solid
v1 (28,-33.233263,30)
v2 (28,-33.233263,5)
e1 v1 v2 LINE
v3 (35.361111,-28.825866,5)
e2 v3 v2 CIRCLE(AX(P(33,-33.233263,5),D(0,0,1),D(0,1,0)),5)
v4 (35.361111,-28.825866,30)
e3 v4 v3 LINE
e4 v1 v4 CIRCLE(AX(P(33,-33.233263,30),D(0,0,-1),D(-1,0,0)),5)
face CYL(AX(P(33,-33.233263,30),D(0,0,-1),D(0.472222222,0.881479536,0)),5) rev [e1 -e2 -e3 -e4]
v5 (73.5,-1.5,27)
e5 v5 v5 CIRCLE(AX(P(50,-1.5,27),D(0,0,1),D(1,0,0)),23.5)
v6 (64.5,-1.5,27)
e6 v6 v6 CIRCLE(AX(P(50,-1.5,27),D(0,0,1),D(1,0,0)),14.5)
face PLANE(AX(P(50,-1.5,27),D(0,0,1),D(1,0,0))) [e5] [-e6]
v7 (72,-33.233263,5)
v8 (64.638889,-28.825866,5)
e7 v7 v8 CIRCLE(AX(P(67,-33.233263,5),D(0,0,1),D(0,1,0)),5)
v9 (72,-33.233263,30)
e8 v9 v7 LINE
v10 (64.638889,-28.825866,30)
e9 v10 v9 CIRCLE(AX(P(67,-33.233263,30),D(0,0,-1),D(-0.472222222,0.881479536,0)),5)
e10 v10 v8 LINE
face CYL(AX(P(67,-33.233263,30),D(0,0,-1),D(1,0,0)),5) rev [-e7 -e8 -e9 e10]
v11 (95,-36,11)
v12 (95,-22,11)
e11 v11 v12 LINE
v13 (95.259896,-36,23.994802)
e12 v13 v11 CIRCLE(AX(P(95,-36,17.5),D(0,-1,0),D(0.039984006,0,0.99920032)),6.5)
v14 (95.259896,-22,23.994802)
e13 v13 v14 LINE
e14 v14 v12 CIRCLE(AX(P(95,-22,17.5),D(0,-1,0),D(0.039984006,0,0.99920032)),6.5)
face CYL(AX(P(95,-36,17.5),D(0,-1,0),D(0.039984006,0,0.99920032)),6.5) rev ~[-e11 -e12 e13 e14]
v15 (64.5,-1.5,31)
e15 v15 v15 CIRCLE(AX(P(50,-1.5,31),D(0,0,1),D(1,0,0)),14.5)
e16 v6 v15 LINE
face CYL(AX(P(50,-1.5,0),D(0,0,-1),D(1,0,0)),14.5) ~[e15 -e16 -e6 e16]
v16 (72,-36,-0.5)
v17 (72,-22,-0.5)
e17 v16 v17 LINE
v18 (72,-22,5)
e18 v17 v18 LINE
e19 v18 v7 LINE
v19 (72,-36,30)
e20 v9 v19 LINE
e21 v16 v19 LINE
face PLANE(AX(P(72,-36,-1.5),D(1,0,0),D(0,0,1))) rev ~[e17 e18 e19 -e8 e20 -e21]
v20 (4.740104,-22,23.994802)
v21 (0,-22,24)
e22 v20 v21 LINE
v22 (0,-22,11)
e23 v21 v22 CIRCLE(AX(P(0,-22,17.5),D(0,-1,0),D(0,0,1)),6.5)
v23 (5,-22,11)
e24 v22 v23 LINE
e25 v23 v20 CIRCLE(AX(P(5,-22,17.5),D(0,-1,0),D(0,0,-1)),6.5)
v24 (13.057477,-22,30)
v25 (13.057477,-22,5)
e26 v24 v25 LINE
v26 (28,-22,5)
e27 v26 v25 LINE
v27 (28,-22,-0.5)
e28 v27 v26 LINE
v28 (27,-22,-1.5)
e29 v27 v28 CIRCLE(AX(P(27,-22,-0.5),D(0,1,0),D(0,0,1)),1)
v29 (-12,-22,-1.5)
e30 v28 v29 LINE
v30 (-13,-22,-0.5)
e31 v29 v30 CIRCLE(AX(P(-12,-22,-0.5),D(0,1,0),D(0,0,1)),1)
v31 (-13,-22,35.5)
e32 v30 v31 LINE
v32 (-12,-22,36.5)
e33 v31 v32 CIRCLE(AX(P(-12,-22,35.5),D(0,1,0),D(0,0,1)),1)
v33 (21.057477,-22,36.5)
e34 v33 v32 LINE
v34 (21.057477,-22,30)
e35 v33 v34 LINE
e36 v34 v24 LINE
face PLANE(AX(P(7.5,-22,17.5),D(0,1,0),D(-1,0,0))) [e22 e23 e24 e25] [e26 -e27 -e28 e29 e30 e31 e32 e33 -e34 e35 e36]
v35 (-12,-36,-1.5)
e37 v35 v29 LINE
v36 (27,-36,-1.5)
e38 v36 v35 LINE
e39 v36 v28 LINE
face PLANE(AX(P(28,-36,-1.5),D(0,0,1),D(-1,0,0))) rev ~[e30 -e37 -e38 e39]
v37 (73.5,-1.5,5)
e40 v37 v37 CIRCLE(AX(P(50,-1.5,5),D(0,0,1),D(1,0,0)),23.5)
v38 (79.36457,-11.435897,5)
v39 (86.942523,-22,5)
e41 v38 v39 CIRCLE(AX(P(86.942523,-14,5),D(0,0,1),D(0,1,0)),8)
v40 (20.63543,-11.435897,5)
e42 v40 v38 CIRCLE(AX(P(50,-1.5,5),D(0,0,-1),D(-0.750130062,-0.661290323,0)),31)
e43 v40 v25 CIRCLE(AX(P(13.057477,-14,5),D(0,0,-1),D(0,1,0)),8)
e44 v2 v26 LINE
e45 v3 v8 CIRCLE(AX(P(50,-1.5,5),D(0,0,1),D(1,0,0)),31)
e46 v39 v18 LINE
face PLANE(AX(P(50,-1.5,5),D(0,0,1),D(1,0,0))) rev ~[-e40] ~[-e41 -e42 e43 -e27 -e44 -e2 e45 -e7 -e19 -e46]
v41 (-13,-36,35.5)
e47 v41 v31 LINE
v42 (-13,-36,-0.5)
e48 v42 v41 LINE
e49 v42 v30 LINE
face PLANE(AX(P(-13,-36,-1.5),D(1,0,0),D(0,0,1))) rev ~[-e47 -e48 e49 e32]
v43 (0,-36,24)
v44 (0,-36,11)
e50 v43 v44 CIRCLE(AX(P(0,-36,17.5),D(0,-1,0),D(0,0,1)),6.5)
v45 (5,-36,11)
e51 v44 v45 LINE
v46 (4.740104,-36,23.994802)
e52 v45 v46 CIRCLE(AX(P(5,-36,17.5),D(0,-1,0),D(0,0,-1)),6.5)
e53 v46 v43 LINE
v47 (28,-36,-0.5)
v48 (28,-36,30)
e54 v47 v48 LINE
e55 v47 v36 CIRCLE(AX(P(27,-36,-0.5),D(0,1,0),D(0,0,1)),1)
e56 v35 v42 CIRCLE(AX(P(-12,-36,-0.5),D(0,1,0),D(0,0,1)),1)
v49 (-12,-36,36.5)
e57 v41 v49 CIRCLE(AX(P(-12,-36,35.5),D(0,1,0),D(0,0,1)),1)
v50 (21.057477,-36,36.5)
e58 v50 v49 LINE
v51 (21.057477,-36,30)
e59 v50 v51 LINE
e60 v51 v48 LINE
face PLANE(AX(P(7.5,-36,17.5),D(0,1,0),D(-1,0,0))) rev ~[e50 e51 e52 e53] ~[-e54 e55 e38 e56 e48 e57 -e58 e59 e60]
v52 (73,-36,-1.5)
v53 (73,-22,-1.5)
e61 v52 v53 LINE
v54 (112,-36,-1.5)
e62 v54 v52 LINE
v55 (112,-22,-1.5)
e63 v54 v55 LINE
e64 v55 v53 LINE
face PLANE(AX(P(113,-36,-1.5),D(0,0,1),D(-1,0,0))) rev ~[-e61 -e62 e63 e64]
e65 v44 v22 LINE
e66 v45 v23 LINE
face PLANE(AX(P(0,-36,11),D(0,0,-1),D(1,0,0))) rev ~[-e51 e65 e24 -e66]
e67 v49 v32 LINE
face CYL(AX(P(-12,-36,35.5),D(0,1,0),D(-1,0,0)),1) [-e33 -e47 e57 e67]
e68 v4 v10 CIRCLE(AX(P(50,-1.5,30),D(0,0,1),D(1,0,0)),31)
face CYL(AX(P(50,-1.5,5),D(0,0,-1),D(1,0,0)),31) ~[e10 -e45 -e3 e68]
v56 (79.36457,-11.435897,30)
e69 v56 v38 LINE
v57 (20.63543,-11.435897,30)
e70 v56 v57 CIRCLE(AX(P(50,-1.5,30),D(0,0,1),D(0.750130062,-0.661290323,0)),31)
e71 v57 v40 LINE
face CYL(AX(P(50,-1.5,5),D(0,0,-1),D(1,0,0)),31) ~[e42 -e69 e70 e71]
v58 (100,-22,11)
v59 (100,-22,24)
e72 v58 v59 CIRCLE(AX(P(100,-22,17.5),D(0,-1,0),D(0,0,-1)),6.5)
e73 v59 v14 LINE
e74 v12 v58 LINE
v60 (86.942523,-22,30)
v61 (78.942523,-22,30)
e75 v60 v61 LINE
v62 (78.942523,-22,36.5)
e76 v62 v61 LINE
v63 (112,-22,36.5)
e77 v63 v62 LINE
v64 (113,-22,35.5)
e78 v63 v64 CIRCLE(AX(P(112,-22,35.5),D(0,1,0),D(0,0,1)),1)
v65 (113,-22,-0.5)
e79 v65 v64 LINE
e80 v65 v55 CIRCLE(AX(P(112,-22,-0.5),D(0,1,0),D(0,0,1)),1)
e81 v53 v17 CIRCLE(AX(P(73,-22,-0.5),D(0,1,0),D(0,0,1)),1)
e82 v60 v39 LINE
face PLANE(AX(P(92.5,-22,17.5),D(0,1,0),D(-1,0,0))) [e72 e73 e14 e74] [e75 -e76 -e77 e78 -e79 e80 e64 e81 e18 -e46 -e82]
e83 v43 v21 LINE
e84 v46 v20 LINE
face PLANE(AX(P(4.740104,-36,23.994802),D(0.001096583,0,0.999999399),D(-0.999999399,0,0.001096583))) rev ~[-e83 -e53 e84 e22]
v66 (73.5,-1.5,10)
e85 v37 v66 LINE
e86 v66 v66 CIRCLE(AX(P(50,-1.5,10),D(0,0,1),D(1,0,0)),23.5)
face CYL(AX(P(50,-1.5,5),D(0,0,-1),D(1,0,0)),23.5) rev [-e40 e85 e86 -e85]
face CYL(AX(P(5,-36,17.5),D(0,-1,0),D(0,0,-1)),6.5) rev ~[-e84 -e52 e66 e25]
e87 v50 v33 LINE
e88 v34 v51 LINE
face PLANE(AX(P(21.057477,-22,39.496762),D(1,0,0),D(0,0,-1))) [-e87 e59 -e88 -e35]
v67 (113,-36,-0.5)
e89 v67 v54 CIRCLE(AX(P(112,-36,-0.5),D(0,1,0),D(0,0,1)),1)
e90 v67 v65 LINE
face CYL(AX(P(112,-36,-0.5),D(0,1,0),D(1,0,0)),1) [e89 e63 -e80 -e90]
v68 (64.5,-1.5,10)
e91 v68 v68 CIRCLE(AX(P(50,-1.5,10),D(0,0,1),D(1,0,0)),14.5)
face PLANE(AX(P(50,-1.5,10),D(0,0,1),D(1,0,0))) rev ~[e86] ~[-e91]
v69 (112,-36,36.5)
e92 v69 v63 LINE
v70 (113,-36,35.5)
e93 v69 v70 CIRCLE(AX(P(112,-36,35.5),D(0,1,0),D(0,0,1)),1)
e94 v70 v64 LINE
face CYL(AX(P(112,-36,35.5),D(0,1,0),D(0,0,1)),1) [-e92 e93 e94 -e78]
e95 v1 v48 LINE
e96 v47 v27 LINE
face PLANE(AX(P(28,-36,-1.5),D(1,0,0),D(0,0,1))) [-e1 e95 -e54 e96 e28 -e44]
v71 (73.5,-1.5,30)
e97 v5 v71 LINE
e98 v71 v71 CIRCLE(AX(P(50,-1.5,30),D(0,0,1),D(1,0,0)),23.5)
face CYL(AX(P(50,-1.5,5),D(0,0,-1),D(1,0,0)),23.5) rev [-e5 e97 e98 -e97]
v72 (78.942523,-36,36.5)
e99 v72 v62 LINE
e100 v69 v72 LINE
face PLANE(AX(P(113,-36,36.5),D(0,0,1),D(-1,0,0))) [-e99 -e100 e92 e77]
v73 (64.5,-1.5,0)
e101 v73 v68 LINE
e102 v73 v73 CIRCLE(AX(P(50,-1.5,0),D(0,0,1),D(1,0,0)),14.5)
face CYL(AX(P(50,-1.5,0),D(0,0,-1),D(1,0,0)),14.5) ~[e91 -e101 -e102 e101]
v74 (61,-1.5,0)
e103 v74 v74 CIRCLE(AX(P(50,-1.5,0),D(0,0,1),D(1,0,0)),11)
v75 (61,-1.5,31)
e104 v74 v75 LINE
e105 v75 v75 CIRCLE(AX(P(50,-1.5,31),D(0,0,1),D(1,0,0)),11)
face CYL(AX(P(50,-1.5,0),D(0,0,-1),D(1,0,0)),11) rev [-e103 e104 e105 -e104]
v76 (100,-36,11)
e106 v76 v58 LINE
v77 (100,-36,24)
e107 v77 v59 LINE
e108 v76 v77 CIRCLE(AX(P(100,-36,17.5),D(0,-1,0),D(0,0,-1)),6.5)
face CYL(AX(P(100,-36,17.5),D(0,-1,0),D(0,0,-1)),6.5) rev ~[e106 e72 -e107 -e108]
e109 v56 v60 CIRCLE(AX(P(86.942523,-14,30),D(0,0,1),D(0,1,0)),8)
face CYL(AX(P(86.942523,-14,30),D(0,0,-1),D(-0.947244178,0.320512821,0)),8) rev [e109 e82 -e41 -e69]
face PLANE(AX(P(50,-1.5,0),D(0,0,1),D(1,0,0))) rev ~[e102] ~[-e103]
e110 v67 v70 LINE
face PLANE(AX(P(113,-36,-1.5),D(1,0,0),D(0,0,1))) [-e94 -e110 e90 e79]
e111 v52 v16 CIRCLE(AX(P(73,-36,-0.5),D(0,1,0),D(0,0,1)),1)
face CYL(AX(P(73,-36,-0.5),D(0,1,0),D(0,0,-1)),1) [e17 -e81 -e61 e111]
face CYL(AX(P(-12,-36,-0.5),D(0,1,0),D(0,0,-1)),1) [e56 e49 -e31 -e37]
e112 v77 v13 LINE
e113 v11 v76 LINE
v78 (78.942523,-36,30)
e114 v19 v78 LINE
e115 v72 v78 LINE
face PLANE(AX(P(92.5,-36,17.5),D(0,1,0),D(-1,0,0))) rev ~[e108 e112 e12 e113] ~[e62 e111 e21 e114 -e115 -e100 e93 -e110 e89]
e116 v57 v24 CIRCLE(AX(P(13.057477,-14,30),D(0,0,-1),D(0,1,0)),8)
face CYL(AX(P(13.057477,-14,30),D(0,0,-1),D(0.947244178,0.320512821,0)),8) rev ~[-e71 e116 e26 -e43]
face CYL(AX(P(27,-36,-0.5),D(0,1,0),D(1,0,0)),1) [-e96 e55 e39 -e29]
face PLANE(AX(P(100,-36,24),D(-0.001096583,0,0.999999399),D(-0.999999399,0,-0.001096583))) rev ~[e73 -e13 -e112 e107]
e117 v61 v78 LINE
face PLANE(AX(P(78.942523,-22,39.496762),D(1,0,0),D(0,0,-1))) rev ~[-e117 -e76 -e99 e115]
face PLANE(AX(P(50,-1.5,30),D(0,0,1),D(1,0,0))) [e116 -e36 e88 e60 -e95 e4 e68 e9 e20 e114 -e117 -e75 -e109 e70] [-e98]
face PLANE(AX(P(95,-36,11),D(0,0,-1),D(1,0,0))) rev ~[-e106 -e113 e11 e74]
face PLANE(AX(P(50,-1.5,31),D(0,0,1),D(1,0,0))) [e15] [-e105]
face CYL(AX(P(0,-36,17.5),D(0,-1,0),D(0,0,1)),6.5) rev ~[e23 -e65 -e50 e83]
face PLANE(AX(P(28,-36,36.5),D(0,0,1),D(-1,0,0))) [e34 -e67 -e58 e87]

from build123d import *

# Parameters (mm, degrees)
SKETCH_8_R          = 14.5
SKETCH_8_R_2        = 11
EXTRUDE_1_DEPTH     = 31
SKETCH_10_R         = 23.5
SKETCH_10_R_2       = 14.5
EXTRUDE_2_DEPTH     = 17
EXTRUDE_START       = -5
SKETCH_11_R         = 31
SKETCH_11_R_2       = 23.5
EXTRUDE_3_DEPTH     = 25
SKETCH_13_W         = 41
SKETCH_13_H         = 38
EXTRUDE_4_DEPTH     = 14
FILLET_1_R          = 8
FILLET_2_R          = 5
FILLET_3_R          = 5
FILLET_4_R          = 8
FILLET_5_R          = 1
FILLET_6_R          = 1
SKETCH_14_W         = 12.689774382
SKETCH_14_H         = 9.496761799
CUT_EXTRUDE_5_DEPTH = 130.435312029


with BuildPart() as part:
    # Эскиз8 → Вытянуть1 (new body)
    with BuildSketch(Plane.XY):
        with Locations((50, -1.5)):
            Circle(SKETCH_8_R)
        with Locations((50, -1.5)):
            Circle(SKETCH_8_R_2, mode=Mode.SUBTRACT)
    extrude(amount=EXTRUDE_1_DEPTH)

    # Эскиз10 → Вытянуть2 (add)
    with BuildSketch(Plane.XY.offset(10)):
        with Locations((50, -1.5)):
            Circle(SKETCH_10_R)
        with Locations((50, -1.5)):
            Circle(SKETCH_10_R_2, mode=Mode.SUBTRACT)
    extrude(amount=EXTRUDE_2_DEPTH)

    # Эскиз11 → Вытянуть3 (add)
    with BuildSketch(Plane.XY.offset(10).offset(EXTRUDE_START)):
        with Locations((50, -1.5)):
            Circle(SKETCH_11_R)
        with Locations((50, -1.5)):
            Circle(SKETCH_11_R_2, mode=Mode.SUBTRACT)
    extrude(amount=EXTRUDE_3_DEPTH)

    # Эскиз13 → Вытянуть4 (add)
    # profile 1 of 2: a face of its own
    with BuildSketch(Plane(origin=(0, -36, 0), x_dir=(-1, 0, 0), z_dir=(0, 1, 0))):
        with Locations((-7.5, 17.5)):
            Rectangle(SKETCH_13_W, SKETCH_13_H)
        with BuildLine():
            Line((-4.740103958, 23.994802079), (0, 24))
            ThreePointArc((0, 24), (6.5, 17.5), (0, 11))
            Line((0, 11), (-5, 11))
            ThreePointArc((-5, 11), (-11.49870039, 17.629974008), (-4.740103958, 23.994802079))
        make_face(mode=Mode.SUBTRACT)
    # profile 2 of 2: a face of its own
    with BuildSketch(Plane(origin=(0, -36, 0), x_dir=(-1, 0, 0), z_dir=(0, 1, 0))):
        with Locations((-92.5, 17.5)):
            Rectangle(SKETCH_13_W, SKETCH_13_H)
        with BuildLine():
            Line((-95, 11), (-100, 11))
            ThreePointArc((-100, 11), (-106.5, 17.5), (-100, 24))
            Line((-100, 24), (-95.259896042, 23.994802079))
            ThreePointArc((-95.259896042, 23.994802079), (-88.50129961, 17.629974008), (-95, 11))
        make_face(mode=Mode.SUBTRACT)
    extrude(amount=EXTRUDE_4_DEPTH)

    # Скругление1
    fillet_1_edges = [part.edges().sort_by_distance(p)[0] for p in [
        (26.745968092, -22, 17.5),
    ]]
    fillet(fillet_1_edges, radius=FILLET_1_R)

    # Скругление2
    fillet_2_edges = [part.edges().sort_by_distance(p)[0] for p in [
        (28, -23.340329668, 17.5),
    ]]
    fillet(fillet_2_edges, radius=FILLET_2_R)

    # Скругление3
    fillet_3_edges = [part.edges().sort_by_distance(p)[0] for p in [
        (72, -23.340329668, 17.5),
    ]]
    fillet(fillet_3_edges, radius=FILLET_3_R)

    # Скругление4
    fillet_4_edges = [part.edges().sort_by_distance(p)[0] for p in [
        (73.254031908, -22, 17.5),
    ]]
    fillet(fillet_4_edges, radius=FILLET_4_R)

    # Скругление5
    fillet_5_edges = [part.edges().sort_by_distance(p)[0] for p in [
        (28, -29, 36.5),
        (28, -29, -1.5),
        (72, -29, -1.5),
        (72, -29, 36.5),
    ]]
    fillet(fillet_5_edges, radius=FILLET_5_R)

    # Скругление6
    fillet_6_edges = [part.edges().sort_by_distance(p)[0] for p in [
        (-13, -29, -1.5),
        (-13, -29, 36.5),
        (113, -29, 36.5),
        (113, -29, -1.5),
    ]]
    fillet(fillet_6_edges, radius=FILLET_6_R)

    # Эскиз14 → Вытянуть5 (cut, through all)
    with BuildSketch(Plane(origin=(0, -22, 0), x_dir=(1, 0, 0), z_dir=(0, 1, 0))):
        with Locations((27.402364267, -34.7483809)):
            Rectangle(SKETCH_14_W, SKETCH_14_H)
        with Locations((72.597635733, -34.7483809)):
            Rectangle(SKETCH_14_W, SKETCH_14_H)
    extrude(amount=-CUT_EXTRUDE_5_DEPTH, mode=Mode.SUBTRACT)


solid = part.part
